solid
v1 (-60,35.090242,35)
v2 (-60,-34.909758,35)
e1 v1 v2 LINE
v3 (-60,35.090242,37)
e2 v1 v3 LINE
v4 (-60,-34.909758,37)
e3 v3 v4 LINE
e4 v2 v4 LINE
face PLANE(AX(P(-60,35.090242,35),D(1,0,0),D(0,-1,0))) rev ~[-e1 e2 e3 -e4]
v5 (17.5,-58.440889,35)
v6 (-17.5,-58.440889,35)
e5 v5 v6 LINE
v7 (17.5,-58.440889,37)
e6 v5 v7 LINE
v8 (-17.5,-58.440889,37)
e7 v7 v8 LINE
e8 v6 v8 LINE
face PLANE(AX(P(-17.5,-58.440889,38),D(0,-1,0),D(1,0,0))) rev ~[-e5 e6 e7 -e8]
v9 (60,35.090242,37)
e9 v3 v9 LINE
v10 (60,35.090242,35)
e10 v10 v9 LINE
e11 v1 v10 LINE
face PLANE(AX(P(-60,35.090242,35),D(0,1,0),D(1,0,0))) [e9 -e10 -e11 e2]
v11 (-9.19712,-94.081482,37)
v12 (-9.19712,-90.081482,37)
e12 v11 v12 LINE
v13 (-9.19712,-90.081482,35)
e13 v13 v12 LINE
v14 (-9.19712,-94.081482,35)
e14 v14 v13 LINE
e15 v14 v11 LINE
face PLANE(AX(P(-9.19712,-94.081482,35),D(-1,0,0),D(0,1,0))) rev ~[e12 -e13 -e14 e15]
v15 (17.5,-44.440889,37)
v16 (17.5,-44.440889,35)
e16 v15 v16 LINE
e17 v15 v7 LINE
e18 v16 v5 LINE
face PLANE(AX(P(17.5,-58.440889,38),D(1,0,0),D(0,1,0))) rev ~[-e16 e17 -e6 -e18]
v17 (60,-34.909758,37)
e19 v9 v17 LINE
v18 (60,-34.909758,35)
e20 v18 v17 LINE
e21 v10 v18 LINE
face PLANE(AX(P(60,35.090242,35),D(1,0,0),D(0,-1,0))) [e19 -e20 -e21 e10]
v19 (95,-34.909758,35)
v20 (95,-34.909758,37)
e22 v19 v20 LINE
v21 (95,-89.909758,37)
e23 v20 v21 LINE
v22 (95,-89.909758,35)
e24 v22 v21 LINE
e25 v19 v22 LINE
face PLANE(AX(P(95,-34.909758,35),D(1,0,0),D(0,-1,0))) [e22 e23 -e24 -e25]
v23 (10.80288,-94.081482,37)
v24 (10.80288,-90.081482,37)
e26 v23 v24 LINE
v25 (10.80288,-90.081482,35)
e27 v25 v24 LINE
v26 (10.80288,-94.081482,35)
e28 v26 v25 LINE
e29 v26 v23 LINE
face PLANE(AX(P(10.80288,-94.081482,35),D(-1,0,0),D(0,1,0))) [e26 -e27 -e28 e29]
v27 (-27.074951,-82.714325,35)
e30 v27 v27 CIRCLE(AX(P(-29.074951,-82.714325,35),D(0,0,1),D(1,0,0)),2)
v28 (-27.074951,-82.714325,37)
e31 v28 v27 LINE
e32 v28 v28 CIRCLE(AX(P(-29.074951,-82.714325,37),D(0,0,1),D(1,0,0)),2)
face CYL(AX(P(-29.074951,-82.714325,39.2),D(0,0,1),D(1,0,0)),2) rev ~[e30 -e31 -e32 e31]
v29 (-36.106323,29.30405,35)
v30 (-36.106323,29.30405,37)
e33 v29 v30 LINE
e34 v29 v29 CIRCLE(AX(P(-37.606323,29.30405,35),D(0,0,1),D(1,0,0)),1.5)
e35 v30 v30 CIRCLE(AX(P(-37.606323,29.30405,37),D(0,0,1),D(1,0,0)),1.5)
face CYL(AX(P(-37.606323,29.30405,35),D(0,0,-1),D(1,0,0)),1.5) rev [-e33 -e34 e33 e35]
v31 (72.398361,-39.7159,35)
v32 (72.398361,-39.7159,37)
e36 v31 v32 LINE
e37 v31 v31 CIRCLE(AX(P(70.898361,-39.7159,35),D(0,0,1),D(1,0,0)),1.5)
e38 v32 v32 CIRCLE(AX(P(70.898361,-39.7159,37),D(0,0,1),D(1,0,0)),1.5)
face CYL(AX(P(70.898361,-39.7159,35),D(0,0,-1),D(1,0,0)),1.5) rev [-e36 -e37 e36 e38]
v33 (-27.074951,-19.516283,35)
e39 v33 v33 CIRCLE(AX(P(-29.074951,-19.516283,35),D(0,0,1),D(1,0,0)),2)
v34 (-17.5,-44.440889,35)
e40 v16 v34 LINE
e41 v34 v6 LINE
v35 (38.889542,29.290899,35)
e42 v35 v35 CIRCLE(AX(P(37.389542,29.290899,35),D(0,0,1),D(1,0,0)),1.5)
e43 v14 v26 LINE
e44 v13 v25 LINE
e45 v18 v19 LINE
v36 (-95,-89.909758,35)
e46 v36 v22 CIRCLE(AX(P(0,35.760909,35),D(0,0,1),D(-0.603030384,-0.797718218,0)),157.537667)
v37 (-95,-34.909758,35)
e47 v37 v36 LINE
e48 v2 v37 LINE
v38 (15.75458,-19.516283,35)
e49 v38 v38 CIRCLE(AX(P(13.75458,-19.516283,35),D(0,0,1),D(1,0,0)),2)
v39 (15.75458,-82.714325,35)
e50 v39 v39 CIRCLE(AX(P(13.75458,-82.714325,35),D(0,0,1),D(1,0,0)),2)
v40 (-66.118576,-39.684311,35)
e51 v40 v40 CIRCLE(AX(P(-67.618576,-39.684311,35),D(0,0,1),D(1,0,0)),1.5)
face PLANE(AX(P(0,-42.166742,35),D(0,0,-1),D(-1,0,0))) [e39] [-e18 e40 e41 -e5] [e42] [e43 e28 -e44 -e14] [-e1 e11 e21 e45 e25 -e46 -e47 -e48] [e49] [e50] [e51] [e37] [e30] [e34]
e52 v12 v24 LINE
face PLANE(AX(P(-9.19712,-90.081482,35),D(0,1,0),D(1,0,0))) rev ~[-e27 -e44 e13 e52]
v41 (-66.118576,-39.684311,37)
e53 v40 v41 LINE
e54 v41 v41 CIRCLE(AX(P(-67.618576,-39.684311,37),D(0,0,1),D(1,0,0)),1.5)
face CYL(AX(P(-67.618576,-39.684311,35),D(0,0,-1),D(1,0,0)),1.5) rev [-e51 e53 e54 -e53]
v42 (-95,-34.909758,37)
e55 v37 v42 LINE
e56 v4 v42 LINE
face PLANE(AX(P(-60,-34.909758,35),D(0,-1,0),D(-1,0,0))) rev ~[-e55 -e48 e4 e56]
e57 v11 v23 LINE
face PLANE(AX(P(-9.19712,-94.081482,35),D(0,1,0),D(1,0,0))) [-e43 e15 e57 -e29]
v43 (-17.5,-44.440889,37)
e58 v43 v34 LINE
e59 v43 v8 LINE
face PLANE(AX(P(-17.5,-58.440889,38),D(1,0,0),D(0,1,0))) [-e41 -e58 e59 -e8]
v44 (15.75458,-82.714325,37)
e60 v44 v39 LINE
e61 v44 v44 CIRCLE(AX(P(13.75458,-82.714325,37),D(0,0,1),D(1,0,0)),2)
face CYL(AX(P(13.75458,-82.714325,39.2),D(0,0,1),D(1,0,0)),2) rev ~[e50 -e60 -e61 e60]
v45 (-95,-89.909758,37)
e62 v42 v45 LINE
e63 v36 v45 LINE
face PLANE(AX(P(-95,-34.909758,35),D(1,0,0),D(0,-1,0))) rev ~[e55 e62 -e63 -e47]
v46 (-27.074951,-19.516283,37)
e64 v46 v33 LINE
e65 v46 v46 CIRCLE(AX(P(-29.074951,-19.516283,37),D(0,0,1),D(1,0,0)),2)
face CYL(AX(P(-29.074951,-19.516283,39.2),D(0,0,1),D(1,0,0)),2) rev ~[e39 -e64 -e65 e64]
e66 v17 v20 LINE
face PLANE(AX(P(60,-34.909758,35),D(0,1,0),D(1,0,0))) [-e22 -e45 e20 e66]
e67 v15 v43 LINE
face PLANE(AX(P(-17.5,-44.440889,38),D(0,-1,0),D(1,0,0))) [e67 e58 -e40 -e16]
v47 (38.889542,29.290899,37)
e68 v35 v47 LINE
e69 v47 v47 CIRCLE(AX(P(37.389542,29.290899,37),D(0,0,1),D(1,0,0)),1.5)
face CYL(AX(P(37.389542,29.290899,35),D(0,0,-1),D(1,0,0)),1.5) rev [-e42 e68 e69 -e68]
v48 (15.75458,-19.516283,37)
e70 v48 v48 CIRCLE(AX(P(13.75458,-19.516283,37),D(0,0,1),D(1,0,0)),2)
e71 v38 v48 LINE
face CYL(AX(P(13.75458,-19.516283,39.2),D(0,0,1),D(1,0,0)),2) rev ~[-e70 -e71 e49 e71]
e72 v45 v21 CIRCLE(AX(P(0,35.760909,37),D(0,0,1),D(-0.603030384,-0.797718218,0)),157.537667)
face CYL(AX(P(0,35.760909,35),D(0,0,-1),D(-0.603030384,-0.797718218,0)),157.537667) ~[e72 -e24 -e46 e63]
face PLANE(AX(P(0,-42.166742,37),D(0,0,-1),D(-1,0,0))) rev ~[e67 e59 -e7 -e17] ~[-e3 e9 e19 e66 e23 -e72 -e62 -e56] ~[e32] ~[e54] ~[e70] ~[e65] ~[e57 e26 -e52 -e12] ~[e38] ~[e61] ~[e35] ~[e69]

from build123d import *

# Parameters (mm, degrees)
SKETCH049_R      = 2
EXTRUDE050_DEPTH = 15
SKETCH044_W      = 35
SKETCH044_H      = 14
EXTRUDE043_DEPTH = 15
SKETCH040_R      = 1.5
SKETCH040_W      = 20
SKETCH040_H      = 4
EXTRUDE039_DEPTH = 2


with BuildPart() as weapon_cover_screw_holes001:
    # Sketch049 (on Face6 of Cut025) → Extrude050 (new body, symmetric)
    with BuildSketch(Plane.XY.offset(39.2)):
        with Locations((-29.074951, -82.714325)):
            Circle(SKETCH049_R)
        with Locations((13.75458, -82.714325)):
            Circle(SKETCH049_R)
        with Locations((-29.074951, -19.516283)):
            Circle(SKETCH049_R)
        with Locations((13.75458, -19.516283)):
            Circle(SKETCH049_R)
    extrude(amount=EXTRUDE050_DEPTH, both=True)


with BuildPart() as servo_lid_gap:
    # Sketch044 (on Face8 of Cut013) → Extrude043 (new body, symmetric)
    with BuildSketch(Plane.XY.offset(38)):
        with Locations((0, -51.440889)):
            Rectangle(SKETCH044_W, SKETCH044_H)
    extrude(amount=EXTRUDE043_DEPTH, both=True)


with BuildPart() as lid:
    # Sketch040 (on Face4 of Cut018) → Extrude039 (new body)
    with BuildSketch(Plane.XY.offset(35)):
        with BuildLine():
            Line((-60, 35.090242), (60, 35.090242))
            Line((60, 35.090242), (60, -34.909758))
            Line((60, -34.909758), (95, -34.909758))
            Line((95, -34.909758), (95, -89.909758))
            ThreePointArc((-95, -89.909758), (0, -121.776758), (95, -89.909758))
            Line((-95, -34.909758), (-95, -89.909758))
            Line((-60, -34.909758), (-95, -34.909758))
            Line((-60, 35.090242), (-60, -34.909758))
        make_face()
        with Locations((70.898361, -39.7159)):
            Circle(SKETCH040_R, mode=Mode.SUBTRACT)
        with Locations((37.389542, 29.290899)):
            Circle(SKETCH040_R, mode=Mode.SUBTRACT)
        with Locations((-37.606323, 29.30405)):
            Circle(SKETCH040_R, mode=Mode.SUBTRACT)
        with Locations((-67.618576, -39.684311)):
            Circle(SKETCH040_R, mode=Mode.SUBTRACT)
        with Locations((0.80288, -92.081482)):
            Rectangle(SKETCH040_W, SKETCH040_H, mode=Mode.SUBTRACT)
    extrude(amount=EXTRUDE039_DEPTH)

    # Cut022: cut Servo Lid Gap
    add(servo_lid_gap.part, mode=Mode.SUBTRACT)

    # Cut027: cut Weapon Cover Screw Holes001
    add(weapon_cover_screw_holes001.part, mode=Mode.SUBTRACT)


solid = lid.part
